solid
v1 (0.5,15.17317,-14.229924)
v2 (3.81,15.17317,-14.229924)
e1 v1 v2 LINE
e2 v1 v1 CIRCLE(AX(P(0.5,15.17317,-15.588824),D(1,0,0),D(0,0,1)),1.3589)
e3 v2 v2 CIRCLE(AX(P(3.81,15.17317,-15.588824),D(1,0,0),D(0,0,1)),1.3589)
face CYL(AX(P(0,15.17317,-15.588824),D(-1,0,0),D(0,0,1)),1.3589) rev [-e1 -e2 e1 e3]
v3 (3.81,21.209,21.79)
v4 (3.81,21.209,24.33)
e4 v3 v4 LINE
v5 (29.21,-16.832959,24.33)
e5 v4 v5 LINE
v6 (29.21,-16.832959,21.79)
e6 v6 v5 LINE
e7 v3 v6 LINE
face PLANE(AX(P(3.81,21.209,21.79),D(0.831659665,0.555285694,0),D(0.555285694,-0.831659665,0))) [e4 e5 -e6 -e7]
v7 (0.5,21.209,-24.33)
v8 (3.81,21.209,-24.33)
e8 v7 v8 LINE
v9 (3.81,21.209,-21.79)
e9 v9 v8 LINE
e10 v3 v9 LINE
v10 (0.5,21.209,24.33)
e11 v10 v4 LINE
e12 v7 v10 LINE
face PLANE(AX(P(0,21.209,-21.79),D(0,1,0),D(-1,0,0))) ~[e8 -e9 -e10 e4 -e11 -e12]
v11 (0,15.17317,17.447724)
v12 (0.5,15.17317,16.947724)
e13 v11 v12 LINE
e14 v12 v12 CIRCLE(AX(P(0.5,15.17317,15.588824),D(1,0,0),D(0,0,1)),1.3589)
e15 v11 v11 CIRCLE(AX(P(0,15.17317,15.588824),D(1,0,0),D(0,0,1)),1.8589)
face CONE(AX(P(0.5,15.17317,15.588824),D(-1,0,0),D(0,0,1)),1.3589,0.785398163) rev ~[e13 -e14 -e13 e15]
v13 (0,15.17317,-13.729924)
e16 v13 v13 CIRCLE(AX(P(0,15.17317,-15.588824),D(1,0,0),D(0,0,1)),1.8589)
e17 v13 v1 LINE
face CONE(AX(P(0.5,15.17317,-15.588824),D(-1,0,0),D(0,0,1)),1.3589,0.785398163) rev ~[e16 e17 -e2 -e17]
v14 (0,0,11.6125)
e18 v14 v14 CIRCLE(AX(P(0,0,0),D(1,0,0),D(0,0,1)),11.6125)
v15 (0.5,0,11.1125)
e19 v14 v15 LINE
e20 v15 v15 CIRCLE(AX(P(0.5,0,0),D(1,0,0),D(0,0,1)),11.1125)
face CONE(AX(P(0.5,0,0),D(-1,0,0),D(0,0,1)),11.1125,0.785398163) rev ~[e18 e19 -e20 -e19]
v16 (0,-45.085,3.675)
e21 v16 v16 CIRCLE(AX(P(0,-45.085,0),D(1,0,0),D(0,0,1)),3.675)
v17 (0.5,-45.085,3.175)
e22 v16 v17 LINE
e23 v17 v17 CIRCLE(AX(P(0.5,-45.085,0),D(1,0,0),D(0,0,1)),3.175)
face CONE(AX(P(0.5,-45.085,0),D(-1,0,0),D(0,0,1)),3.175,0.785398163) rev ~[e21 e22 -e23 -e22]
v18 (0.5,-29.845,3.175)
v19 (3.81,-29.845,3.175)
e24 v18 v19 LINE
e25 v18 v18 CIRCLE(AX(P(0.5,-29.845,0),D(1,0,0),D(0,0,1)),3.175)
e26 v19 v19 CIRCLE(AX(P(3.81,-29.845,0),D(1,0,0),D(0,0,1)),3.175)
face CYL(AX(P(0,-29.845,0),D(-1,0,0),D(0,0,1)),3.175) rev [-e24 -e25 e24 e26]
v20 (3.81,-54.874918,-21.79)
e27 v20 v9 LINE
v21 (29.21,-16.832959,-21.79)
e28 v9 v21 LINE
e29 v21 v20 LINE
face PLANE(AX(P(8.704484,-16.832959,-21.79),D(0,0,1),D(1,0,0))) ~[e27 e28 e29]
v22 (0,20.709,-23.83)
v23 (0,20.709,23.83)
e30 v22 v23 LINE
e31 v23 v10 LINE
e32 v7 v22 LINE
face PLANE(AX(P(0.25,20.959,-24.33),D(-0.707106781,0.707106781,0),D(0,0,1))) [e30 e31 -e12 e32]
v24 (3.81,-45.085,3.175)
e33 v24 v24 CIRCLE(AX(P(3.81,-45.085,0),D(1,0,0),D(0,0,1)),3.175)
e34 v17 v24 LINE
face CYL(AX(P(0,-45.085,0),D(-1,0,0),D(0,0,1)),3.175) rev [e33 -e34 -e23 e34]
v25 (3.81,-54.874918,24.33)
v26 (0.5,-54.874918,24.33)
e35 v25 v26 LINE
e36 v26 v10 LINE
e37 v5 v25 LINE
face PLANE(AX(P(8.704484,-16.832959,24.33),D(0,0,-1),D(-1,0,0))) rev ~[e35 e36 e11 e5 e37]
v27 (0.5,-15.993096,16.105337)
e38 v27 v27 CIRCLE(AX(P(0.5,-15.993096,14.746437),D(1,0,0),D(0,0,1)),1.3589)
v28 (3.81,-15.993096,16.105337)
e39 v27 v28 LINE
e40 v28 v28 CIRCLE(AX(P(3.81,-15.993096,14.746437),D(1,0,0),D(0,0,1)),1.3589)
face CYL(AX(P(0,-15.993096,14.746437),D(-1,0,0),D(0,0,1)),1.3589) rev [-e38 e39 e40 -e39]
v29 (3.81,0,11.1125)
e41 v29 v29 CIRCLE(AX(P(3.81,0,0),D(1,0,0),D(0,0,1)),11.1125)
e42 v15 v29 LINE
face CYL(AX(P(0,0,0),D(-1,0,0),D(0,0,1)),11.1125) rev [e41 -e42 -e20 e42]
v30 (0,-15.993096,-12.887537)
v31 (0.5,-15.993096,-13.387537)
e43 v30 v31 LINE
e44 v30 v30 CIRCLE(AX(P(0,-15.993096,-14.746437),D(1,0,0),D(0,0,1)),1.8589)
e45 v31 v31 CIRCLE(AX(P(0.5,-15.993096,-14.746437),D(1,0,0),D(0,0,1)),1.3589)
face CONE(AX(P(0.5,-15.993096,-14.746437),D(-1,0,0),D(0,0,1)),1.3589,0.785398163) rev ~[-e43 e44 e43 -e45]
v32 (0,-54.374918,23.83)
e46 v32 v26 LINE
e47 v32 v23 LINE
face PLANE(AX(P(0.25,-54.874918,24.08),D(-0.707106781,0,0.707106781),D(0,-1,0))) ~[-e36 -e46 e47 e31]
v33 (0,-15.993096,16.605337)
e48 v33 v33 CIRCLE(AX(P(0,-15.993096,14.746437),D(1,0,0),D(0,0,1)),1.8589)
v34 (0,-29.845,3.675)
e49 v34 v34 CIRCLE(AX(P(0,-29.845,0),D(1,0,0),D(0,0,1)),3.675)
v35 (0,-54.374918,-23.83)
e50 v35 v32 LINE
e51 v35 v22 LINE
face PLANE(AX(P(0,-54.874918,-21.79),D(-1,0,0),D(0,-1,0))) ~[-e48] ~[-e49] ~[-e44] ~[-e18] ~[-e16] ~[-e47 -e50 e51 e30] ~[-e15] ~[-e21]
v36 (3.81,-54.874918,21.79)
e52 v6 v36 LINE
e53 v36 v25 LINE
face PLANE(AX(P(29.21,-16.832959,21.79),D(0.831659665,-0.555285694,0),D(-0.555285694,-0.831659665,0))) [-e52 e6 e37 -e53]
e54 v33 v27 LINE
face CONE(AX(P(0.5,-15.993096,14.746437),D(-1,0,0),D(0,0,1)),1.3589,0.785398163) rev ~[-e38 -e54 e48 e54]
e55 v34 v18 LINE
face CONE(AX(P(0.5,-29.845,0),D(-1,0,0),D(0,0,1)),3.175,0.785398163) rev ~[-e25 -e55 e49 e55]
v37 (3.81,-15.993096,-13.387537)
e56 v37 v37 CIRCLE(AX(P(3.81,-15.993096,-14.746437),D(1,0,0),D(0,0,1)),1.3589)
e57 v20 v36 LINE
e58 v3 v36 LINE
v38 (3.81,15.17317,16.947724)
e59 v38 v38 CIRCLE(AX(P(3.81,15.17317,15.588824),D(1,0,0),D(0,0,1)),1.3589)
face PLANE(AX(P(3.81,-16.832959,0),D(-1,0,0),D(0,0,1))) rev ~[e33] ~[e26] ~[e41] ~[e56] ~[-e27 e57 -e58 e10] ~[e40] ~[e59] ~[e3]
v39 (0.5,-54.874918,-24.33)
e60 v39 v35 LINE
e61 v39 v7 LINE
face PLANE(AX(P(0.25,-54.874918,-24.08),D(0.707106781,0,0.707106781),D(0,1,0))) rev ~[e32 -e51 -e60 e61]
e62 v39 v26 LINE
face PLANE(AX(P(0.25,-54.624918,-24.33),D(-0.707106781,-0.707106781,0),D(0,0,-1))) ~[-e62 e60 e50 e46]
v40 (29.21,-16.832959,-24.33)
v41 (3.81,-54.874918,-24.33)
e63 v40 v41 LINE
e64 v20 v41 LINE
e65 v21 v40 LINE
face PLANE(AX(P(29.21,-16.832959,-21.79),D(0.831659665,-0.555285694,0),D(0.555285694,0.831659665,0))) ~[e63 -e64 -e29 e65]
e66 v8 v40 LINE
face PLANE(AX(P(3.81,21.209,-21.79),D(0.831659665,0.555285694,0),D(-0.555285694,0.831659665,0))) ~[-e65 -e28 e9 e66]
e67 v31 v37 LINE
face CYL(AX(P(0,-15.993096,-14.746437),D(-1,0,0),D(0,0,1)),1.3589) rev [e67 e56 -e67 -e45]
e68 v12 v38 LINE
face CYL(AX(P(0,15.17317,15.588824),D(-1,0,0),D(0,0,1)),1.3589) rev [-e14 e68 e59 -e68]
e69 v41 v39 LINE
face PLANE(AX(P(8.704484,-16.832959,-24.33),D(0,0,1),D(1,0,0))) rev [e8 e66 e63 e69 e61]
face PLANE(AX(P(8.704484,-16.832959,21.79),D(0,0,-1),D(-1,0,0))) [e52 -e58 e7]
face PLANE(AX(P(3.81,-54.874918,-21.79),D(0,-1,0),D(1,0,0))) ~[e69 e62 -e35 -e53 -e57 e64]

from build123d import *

# Parameters (mm, degrees)
SKETCH1_R           = 11.1125
SKETCH1_R_2         = 1.3589
SKETCH1_R_3         = 3.175
BOSS_EXTRUDE1_DEPTH = 3.81
BOSS_EXTRUDE2_DEPTH = 2.54
CHAMFER1_SIZE       = 0.5


with BuildPart() as part:
    # Sketch1 → Boss-Extrude1 (new body)
    with BuildSketch(Plane(origin=(0, 0, 0), x_dir=(0, 0, -1), z_dir=(1, 0, 0))):
        Polygon((21.79, -21.209), (21.79, -54.874917619), (-21.79, -54.874917619), (-21.79, -21.209), (-21.79, 21.209), (21.79, 21.209), align=None)
        with Locations(Location((0, 0, 0), (0, 0, 180))):
            Circle(SKETCH1_R, mode=Mode.SUBTRACT)
        with Locations(Location((15.588824177, 15.173169893, 0), (0, 0, 180))):
            Circle(SKETCH1_R_2, mode=Mode.SUBTRACT)
        with Locations(Location((-15.588824177, 15.173169893, 0), (0, 0, 180))):
            Circle(SKETCH1_R_2, mode=Mode.SUBTRACT)
        with Locations(Location((-14.746436813, -15.993096172, 0), (0, 0, 180))):
            Circle(SKETCH1_R_2, mode=Mode.SUBTRACT)
        with Locations(Location((14.746436813, -15.993096172, 0), (0, 0, 180))):
            Circle(SKETCH1_R_2, mode=Mode.SUBTRACT)
        with Locations(Location((0, -29.845, 0), (0, 0, 180))):
            Circle(SKETCH1_R_3, mode=Mode.SUBTRACT)
        with Locations(Location((0, -45.085, 0), (0, 0, 180))):
            Circle(SKETCH1_R_3, mode=Mode.SUBTRACT)
    extrude(amount=BOSS_EXTRUDE1_DEPTH)

    # Sketch15 → Boss-Extrude2 (add)
    with BuildSketch(Plane.XY.offset(21.79)):
        Polygon((3.81, 21.209), (29.21, -16.832958809), (3.81, -54.874917619), (0, -54.874917619), (0, 21.209), align=None)
    boss_extrude2 = extrude(amount=BOSS_EXTRUDE2_DEPTH)

    # Mirror1: Boss-Extrude2 across plane
    add(boss_extrude2.mirror(Plane.XY))

    # Chamfer1
    chamfer1_edges = [part.edges().sort_by_distance(p)[0] for p in [
        (0, 0, -11.1125),
        (0, 15.173169893, -16.947724177),
        (0, 15.173169893, 14.229924177),
        (0, -15.993096172, 13.387536813),
        (0, -15.993096172, -16.105336813),
        (0, -29.845, -3.175),
        (0, -45.085, -3.175),
        (0, -16.832958809, 24.33),
        (0, -16.832958809, -24.33),
        (0, -54.874917619, 0),
        (0, 21.209, 0),
    ]]
    chamfer(chamfer1_edges, length=CHAMFER1_SIZE)


solid = part.part
